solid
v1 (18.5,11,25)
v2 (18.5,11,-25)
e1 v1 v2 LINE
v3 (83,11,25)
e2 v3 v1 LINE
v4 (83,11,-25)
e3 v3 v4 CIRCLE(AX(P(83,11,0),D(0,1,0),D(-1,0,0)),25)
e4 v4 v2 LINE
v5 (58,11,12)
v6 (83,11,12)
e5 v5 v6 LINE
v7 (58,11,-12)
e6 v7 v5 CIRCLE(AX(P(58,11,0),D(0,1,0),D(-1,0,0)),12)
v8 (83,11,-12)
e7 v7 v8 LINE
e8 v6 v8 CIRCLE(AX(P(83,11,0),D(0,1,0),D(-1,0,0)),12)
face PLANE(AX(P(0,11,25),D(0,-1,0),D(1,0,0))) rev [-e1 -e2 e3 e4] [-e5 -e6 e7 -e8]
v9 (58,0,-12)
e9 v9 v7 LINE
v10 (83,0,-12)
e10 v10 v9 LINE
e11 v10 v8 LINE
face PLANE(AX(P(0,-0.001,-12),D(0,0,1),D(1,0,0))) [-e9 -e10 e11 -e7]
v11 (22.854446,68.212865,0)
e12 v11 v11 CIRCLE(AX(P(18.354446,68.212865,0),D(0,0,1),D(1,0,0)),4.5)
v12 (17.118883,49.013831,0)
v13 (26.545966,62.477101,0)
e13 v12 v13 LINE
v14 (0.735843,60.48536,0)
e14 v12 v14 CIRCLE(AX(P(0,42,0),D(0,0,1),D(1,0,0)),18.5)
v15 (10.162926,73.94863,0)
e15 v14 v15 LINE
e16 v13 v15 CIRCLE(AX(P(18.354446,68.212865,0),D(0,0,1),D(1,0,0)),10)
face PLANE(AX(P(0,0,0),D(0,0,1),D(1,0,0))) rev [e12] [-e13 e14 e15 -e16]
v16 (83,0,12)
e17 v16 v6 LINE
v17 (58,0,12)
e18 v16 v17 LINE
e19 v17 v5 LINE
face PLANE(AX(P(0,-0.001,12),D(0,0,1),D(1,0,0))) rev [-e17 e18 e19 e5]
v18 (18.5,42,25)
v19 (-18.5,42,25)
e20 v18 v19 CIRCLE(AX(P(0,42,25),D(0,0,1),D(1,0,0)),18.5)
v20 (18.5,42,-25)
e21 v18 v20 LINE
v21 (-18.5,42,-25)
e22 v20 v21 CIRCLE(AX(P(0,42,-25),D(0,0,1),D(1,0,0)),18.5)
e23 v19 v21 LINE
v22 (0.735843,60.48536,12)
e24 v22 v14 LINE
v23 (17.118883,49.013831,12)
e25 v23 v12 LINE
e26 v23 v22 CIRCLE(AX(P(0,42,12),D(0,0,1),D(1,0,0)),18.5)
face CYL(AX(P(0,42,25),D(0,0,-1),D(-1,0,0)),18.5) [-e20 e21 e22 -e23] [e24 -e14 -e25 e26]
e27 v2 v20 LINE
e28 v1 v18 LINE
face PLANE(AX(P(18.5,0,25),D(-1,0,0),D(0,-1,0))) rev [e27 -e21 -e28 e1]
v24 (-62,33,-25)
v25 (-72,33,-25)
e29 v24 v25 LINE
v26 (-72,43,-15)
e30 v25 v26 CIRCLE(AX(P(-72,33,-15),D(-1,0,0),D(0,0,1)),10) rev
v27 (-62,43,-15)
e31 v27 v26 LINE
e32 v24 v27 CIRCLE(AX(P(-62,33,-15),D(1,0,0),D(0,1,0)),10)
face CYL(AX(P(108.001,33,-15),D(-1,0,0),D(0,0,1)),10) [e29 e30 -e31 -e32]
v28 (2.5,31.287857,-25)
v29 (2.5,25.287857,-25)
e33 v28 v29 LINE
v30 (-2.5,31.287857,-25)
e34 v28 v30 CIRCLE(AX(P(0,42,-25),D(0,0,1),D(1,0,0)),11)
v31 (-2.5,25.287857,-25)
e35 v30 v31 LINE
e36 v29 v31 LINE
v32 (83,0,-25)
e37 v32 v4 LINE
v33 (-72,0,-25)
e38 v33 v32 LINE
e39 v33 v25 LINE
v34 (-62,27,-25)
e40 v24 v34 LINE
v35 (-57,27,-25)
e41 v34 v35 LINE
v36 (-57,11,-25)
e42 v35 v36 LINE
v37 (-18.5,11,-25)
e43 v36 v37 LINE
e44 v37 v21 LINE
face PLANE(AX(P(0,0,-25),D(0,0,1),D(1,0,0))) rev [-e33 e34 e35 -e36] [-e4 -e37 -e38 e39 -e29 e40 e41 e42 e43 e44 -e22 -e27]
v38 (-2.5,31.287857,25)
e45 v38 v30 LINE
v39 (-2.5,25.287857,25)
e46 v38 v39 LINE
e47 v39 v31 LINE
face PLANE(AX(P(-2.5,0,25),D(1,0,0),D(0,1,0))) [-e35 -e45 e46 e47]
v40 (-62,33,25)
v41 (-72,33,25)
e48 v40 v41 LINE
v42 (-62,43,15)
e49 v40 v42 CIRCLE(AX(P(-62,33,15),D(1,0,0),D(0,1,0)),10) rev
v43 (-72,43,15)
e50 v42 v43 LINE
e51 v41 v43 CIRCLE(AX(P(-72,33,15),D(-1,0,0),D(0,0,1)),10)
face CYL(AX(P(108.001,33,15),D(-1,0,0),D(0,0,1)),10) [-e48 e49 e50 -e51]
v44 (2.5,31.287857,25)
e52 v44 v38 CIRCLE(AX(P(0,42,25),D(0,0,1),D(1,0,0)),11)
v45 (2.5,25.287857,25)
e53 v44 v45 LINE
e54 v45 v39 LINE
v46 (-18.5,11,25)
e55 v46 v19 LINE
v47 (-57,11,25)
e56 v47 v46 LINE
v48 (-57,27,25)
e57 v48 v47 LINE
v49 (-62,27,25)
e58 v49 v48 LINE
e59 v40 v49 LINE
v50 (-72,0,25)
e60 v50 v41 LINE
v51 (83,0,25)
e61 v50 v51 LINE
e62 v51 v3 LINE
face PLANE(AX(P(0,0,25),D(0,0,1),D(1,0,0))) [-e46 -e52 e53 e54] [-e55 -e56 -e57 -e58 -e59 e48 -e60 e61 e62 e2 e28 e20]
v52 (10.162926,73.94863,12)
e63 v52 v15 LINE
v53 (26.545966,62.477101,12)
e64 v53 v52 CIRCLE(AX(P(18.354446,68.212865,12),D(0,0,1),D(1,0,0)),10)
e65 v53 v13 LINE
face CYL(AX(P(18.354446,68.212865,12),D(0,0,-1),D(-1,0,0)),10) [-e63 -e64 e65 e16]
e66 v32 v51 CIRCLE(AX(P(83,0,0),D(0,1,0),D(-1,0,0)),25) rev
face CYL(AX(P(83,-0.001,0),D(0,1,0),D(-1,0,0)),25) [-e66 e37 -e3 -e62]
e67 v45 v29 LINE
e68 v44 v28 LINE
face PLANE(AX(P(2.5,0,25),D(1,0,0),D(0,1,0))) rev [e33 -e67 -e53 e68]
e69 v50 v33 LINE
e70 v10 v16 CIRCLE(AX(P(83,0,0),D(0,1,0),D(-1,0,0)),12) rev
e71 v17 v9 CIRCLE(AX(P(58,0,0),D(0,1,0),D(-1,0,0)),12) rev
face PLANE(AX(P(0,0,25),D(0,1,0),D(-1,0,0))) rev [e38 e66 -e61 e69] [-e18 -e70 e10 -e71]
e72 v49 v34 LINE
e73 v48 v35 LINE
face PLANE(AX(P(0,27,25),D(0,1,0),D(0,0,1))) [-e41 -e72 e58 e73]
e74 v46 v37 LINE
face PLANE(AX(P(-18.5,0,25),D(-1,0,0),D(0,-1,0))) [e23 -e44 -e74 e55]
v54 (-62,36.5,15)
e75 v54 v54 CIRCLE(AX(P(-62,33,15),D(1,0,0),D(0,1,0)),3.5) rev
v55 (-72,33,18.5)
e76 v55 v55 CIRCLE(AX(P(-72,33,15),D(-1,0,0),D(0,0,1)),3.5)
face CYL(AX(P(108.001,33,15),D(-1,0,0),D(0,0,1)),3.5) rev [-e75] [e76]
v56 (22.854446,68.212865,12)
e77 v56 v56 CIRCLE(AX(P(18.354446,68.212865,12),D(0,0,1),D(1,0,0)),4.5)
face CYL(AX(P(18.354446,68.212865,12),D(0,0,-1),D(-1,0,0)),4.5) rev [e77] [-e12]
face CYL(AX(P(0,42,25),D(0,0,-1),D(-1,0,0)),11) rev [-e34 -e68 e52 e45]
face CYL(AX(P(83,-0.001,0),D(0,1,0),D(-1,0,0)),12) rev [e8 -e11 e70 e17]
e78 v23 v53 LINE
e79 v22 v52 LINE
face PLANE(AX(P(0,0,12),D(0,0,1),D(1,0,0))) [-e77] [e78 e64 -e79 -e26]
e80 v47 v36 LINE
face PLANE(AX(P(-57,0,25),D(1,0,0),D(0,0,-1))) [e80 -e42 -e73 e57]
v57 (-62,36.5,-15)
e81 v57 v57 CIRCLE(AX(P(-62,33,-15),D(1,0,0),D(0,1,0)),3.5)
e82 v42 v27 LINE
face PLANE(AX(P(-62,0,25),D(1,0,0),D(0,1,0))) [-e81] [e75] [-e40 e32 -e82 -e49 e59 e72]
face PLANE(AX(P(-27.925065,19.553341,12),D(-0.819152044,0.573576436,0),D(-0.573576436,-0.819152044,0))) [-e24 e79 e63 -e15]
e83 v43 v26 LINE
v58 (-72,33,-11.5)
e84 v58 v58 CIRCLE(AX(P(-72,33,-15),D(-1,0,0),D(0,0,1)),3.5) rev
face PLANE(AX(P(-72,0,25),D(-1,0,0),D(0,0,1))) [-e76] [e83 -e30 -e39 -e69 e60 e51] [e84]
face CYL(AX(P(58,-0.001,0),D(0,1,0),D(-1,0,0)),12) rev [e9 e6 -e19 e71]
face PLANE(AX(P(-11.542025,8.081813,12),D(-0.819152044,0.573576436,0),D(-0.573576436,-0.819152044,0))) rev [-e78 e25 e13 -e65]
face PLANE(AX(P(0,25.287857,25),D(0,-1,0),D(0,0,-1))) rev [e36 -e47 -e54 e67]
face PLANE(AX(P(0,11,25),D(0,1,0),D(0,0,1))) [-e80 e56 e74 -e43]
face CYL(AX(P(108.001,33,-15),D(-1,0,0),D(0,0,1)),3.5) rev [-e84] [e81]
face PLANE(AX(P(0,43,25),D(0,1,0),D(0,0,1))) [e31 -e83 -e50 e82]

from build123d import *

# Parameters (mm, degrees)
BOSS_EXTRUDE1_DEPTH = 25
SKETCH1_3_R         = 4.5
BOSS_EXTRUDE2_DEPTH = 12
CUT_EXTRUDE1_REACH  = 131.64
CUT_EXTRUDE2_REACH  = 199.844
SKETCH3_R           = 3.5


with BuildPart() as part:
    # Sketch1 → Boss-Extrude1 (new, symmetric)
    with BuildSketch(Plane.XY):
        with BuildLine():
            Line((-72, 43), (-72, 0))
            Line((-72, 0), (108, 0))
            Line((108, 0), (108, 11))
            Line((108, 11), (18.5, 11))
            Line((18.5, 11), (18.5, 42))
            ThreePointArc((18.5, 42), (18.151437184, 45.574259105), (17.118883443, 49.013831311))
            ThreePointArc((17.118883443, 49.013831311), (10.611164072, 57.154312819), (0.735842557, 60.485360038))
            ThreePointArc((0.735842557, 60.485360038), (-12.818676076, 55.339098307), (-18.5, 42))
            Line((-18.5, 42), (-18.5, 11))
            Line((-18.5, 11), (-57, 11))
            Line((-57, 11), (-57, 27))
            Line((-57, 27), (-62, 27))
            Line((-62, 27), (-62, 43))
            Line((-62, 43), (-72, 43))
        make_face()
        with BuildLine():
            Line((-2.5, 25.287857357), (-2.5, 31.287857357))
            ThreePointArc((-2.5, 31.287857357), (0, 53), (2.5, 31.287857357))
            Line((2.5, 31.287857357), (2.5, 25.287857357))
            Line((2.5, 25.287857357), (-2.5, 25.287857357))
        make_face(mode=Mode.SUBTRACT)
    extrude(amount=BOSS_EXTRUDE1_DEPTH, both=True)

    # Sketch1<3> → Boss-Extrude2 (add)
    with BuildSketch(Plane.XY):
        with BuildLine():
            ThreePointArc((0.735842557, 60.485360038), (10.611164072, 57.154312819), (17.118883443, 49.013831311))
            Line((17.118883443, 49.013831311), (26.545966406, 62.477101054))
            ThreePointArc((26.545966406, 62.477101054), (24.090210327, 76.40438586), (10.16292552, 73.948629781))
            Line((10.16292552, 73.948629781), (0.735842557, 60.485360038))
        make_face()
        with Locations((18.354445963, 68.212865417)):
            Circle(SKETCH1_3_R, mode=Mode.SUBTRACT)
    extrude(amount=BOSS_EXTRUDE2_DEPTH)

    # Sketch2 → Cut-Extrude1 (cut, up to next)
    with BuildSketch(Plane(origin=(0, 11, 0), x_dir=(1, 0, 0), z_dir=(0, 1, 0)), mode=Mode.PRIVATE) as cut_extrude1_sk1:
        with BuildLine():
            Line((83, 12), (58, 12))
            ThreePointArc((58, 12), (46, 0), (58, -12))
            Line((58, -12), (83, -12))
            ThreePointArc((83, -12), (95, 0), (83, 12))
        make_face()
    cut_extrude1_tool1 = extrude(cut_extrude1_sk1.sketch, amount=-CUT_EXTRUDE1_REACH, mode=Mode.PRIVATE) & part.part
    # Sketch2 → Cut-Extrude1 (cut, up to next)
    with BuildSketch(Plane(origin=(0, 11, 0), x_dir=(1, 0, 0), z_dir=(0, 1, 0)), mode=Mode.PRIVATE) as cut_extrude1_sk2:
        with BuildLine():
            ThreePointArc((83, 25), (100.677669542, 17.677669518), (108, -3.4e-08))
            Line((108, -3.4e-08), (108, 25))
            Line((108, 25), (83, 25))
        make_face()
    cut_extrude1_tool2 = extrude(cut_extrude1_sk2.sketch, amount=-CUT_EXTRUDE1_REACH, mode=Mode.PRIVATE) & part.part
    # Sketch2 → Cut-Extrude1 (cut, up to next)
    with BuildSketch(Plane(origin=(0, 11, 0), x_dir=(1, 0, 0), z_dir=(0, 1, 0)), mode=Mode.PRIVATE) as cut_extrude1_sk3:
        with BuildLine():
            ThreePointArc((108, -3.4e-08), (100.677669518, -17.677669542), (83, -25))
            Line((83, -25), (108, -25))
            Line((108, -25), (108, -3.4e-08))
        make_face()
    cut_extrude1_tool3 = extrude(cut_extrude1_sk3.sketch, amount=-CUT_EXTRUDE1_REACH, mode=Mode.PRIVATE) & part.part
    add(cut_extrude1_tool1.solids().sort_by_distance((70.5, 11, 0))[0], mode=Mode.SUBTRACT)
    add(cut_extrude1_tool2.solids().sort_by_distance((102.415802, 11, -19.415802))[0], mode=Mode.SUBTRACT)
    add(cut_extrude1_tool3.solids().sort_by_distance((102.415802, 11, 19.415802))[0], mode=Mode.SUBTRACT)

    # Sketch3 → Cut-Extrude2 (cut, up to next)
    with BuildSketch(Plane.ZY.offset(72), mode=Mode.PRIVATE) as cut_extrude2_sk1:
        with BuildLine():
            ThreePointArc((-25, 33), (-22.071067778, 40.071067846), (-14.999999905, 43))
            Line((-14.999999905, 43), (-25, 43))
            Line((-25, 43), (-25, 33))
        make_face()
    cut_extrude2_tool1 = extrude(cut_extrude2_sk1.sketch, amount=-CUT_EXTRUDE2_REACH, mode=Mode.PRIVATE) & part.part
    # Sketch3 → Cut-Extrude2 (cut, up to next)
    with BuildSketch(Plane.ZY.offset(72), mode=Mode.PRIVATE) as cut_extrude2_sk2:
        with BuildLine():
            ThreePointArc((15, 43), (22.071067812, 40.071067812), (25, 33))
            Line((25, 33), (25, 43))
            Line((25, 43), (15, 43))
        make_face()
    cut_extrude2_tool2 = extrude(cut_extrude2_sk2.sketch, amount=-CUT_EXTRUDE2_REACH, mode=Mode.PRIVATE) & part.part
    # Sketch3 → Cut-Extrude2 (cut, up to next)
    with BuildSketch(Plane.ZY.offset(72), mode=Mode.PRIVATE) as cut_extrude2_sk3:
        with Locations((15, 33)):
            Circle(SKETCH3_R)
    cut_extrude2_tool3 = extrude(cut_extrude2_sk3.sketch, amount=-CUT_EXTRUDE2_REACH, mode=Mode.PRIVATE) & part.part
    # Sketch3 → Cut-Extrude2 (cut, up to next)
    with BuildSketch(Plane.ZY.offset(72), mode=Mode.PRIVATE) as cut_extrude2_sk4:
        with Locations((-15, 33)):
            Circle(SKETCH3_R)
    cut_extrude2_tool4 = extrude(cut_extrude2_sk4.sketch, amount=-CUT_EXTRUDE2_REACH, mode=Mode.PRIVATE) & part.part
    add(cut_extrude2_tool1.solids().sort_by_distance((-72, 40.766321, -22.766321))[0], mode=Mode.SUBTRACT)
    add(cut_extrude2_tool2.solids().sort_by_distance((-72, 40.766321, 22.766321))[0], mode=Mode.SUBTRACT)
    add(cut_extrude2_tool3.solids().sort_by_distance((-72, 33, 15))[0], mode=Mode.SUBTRACT)
    add(cut_extrude2_tool4.solids().sort_by_distance((-72, 33, -15))[0], mode=Mode.SUBTRACT)


solid = part.part
